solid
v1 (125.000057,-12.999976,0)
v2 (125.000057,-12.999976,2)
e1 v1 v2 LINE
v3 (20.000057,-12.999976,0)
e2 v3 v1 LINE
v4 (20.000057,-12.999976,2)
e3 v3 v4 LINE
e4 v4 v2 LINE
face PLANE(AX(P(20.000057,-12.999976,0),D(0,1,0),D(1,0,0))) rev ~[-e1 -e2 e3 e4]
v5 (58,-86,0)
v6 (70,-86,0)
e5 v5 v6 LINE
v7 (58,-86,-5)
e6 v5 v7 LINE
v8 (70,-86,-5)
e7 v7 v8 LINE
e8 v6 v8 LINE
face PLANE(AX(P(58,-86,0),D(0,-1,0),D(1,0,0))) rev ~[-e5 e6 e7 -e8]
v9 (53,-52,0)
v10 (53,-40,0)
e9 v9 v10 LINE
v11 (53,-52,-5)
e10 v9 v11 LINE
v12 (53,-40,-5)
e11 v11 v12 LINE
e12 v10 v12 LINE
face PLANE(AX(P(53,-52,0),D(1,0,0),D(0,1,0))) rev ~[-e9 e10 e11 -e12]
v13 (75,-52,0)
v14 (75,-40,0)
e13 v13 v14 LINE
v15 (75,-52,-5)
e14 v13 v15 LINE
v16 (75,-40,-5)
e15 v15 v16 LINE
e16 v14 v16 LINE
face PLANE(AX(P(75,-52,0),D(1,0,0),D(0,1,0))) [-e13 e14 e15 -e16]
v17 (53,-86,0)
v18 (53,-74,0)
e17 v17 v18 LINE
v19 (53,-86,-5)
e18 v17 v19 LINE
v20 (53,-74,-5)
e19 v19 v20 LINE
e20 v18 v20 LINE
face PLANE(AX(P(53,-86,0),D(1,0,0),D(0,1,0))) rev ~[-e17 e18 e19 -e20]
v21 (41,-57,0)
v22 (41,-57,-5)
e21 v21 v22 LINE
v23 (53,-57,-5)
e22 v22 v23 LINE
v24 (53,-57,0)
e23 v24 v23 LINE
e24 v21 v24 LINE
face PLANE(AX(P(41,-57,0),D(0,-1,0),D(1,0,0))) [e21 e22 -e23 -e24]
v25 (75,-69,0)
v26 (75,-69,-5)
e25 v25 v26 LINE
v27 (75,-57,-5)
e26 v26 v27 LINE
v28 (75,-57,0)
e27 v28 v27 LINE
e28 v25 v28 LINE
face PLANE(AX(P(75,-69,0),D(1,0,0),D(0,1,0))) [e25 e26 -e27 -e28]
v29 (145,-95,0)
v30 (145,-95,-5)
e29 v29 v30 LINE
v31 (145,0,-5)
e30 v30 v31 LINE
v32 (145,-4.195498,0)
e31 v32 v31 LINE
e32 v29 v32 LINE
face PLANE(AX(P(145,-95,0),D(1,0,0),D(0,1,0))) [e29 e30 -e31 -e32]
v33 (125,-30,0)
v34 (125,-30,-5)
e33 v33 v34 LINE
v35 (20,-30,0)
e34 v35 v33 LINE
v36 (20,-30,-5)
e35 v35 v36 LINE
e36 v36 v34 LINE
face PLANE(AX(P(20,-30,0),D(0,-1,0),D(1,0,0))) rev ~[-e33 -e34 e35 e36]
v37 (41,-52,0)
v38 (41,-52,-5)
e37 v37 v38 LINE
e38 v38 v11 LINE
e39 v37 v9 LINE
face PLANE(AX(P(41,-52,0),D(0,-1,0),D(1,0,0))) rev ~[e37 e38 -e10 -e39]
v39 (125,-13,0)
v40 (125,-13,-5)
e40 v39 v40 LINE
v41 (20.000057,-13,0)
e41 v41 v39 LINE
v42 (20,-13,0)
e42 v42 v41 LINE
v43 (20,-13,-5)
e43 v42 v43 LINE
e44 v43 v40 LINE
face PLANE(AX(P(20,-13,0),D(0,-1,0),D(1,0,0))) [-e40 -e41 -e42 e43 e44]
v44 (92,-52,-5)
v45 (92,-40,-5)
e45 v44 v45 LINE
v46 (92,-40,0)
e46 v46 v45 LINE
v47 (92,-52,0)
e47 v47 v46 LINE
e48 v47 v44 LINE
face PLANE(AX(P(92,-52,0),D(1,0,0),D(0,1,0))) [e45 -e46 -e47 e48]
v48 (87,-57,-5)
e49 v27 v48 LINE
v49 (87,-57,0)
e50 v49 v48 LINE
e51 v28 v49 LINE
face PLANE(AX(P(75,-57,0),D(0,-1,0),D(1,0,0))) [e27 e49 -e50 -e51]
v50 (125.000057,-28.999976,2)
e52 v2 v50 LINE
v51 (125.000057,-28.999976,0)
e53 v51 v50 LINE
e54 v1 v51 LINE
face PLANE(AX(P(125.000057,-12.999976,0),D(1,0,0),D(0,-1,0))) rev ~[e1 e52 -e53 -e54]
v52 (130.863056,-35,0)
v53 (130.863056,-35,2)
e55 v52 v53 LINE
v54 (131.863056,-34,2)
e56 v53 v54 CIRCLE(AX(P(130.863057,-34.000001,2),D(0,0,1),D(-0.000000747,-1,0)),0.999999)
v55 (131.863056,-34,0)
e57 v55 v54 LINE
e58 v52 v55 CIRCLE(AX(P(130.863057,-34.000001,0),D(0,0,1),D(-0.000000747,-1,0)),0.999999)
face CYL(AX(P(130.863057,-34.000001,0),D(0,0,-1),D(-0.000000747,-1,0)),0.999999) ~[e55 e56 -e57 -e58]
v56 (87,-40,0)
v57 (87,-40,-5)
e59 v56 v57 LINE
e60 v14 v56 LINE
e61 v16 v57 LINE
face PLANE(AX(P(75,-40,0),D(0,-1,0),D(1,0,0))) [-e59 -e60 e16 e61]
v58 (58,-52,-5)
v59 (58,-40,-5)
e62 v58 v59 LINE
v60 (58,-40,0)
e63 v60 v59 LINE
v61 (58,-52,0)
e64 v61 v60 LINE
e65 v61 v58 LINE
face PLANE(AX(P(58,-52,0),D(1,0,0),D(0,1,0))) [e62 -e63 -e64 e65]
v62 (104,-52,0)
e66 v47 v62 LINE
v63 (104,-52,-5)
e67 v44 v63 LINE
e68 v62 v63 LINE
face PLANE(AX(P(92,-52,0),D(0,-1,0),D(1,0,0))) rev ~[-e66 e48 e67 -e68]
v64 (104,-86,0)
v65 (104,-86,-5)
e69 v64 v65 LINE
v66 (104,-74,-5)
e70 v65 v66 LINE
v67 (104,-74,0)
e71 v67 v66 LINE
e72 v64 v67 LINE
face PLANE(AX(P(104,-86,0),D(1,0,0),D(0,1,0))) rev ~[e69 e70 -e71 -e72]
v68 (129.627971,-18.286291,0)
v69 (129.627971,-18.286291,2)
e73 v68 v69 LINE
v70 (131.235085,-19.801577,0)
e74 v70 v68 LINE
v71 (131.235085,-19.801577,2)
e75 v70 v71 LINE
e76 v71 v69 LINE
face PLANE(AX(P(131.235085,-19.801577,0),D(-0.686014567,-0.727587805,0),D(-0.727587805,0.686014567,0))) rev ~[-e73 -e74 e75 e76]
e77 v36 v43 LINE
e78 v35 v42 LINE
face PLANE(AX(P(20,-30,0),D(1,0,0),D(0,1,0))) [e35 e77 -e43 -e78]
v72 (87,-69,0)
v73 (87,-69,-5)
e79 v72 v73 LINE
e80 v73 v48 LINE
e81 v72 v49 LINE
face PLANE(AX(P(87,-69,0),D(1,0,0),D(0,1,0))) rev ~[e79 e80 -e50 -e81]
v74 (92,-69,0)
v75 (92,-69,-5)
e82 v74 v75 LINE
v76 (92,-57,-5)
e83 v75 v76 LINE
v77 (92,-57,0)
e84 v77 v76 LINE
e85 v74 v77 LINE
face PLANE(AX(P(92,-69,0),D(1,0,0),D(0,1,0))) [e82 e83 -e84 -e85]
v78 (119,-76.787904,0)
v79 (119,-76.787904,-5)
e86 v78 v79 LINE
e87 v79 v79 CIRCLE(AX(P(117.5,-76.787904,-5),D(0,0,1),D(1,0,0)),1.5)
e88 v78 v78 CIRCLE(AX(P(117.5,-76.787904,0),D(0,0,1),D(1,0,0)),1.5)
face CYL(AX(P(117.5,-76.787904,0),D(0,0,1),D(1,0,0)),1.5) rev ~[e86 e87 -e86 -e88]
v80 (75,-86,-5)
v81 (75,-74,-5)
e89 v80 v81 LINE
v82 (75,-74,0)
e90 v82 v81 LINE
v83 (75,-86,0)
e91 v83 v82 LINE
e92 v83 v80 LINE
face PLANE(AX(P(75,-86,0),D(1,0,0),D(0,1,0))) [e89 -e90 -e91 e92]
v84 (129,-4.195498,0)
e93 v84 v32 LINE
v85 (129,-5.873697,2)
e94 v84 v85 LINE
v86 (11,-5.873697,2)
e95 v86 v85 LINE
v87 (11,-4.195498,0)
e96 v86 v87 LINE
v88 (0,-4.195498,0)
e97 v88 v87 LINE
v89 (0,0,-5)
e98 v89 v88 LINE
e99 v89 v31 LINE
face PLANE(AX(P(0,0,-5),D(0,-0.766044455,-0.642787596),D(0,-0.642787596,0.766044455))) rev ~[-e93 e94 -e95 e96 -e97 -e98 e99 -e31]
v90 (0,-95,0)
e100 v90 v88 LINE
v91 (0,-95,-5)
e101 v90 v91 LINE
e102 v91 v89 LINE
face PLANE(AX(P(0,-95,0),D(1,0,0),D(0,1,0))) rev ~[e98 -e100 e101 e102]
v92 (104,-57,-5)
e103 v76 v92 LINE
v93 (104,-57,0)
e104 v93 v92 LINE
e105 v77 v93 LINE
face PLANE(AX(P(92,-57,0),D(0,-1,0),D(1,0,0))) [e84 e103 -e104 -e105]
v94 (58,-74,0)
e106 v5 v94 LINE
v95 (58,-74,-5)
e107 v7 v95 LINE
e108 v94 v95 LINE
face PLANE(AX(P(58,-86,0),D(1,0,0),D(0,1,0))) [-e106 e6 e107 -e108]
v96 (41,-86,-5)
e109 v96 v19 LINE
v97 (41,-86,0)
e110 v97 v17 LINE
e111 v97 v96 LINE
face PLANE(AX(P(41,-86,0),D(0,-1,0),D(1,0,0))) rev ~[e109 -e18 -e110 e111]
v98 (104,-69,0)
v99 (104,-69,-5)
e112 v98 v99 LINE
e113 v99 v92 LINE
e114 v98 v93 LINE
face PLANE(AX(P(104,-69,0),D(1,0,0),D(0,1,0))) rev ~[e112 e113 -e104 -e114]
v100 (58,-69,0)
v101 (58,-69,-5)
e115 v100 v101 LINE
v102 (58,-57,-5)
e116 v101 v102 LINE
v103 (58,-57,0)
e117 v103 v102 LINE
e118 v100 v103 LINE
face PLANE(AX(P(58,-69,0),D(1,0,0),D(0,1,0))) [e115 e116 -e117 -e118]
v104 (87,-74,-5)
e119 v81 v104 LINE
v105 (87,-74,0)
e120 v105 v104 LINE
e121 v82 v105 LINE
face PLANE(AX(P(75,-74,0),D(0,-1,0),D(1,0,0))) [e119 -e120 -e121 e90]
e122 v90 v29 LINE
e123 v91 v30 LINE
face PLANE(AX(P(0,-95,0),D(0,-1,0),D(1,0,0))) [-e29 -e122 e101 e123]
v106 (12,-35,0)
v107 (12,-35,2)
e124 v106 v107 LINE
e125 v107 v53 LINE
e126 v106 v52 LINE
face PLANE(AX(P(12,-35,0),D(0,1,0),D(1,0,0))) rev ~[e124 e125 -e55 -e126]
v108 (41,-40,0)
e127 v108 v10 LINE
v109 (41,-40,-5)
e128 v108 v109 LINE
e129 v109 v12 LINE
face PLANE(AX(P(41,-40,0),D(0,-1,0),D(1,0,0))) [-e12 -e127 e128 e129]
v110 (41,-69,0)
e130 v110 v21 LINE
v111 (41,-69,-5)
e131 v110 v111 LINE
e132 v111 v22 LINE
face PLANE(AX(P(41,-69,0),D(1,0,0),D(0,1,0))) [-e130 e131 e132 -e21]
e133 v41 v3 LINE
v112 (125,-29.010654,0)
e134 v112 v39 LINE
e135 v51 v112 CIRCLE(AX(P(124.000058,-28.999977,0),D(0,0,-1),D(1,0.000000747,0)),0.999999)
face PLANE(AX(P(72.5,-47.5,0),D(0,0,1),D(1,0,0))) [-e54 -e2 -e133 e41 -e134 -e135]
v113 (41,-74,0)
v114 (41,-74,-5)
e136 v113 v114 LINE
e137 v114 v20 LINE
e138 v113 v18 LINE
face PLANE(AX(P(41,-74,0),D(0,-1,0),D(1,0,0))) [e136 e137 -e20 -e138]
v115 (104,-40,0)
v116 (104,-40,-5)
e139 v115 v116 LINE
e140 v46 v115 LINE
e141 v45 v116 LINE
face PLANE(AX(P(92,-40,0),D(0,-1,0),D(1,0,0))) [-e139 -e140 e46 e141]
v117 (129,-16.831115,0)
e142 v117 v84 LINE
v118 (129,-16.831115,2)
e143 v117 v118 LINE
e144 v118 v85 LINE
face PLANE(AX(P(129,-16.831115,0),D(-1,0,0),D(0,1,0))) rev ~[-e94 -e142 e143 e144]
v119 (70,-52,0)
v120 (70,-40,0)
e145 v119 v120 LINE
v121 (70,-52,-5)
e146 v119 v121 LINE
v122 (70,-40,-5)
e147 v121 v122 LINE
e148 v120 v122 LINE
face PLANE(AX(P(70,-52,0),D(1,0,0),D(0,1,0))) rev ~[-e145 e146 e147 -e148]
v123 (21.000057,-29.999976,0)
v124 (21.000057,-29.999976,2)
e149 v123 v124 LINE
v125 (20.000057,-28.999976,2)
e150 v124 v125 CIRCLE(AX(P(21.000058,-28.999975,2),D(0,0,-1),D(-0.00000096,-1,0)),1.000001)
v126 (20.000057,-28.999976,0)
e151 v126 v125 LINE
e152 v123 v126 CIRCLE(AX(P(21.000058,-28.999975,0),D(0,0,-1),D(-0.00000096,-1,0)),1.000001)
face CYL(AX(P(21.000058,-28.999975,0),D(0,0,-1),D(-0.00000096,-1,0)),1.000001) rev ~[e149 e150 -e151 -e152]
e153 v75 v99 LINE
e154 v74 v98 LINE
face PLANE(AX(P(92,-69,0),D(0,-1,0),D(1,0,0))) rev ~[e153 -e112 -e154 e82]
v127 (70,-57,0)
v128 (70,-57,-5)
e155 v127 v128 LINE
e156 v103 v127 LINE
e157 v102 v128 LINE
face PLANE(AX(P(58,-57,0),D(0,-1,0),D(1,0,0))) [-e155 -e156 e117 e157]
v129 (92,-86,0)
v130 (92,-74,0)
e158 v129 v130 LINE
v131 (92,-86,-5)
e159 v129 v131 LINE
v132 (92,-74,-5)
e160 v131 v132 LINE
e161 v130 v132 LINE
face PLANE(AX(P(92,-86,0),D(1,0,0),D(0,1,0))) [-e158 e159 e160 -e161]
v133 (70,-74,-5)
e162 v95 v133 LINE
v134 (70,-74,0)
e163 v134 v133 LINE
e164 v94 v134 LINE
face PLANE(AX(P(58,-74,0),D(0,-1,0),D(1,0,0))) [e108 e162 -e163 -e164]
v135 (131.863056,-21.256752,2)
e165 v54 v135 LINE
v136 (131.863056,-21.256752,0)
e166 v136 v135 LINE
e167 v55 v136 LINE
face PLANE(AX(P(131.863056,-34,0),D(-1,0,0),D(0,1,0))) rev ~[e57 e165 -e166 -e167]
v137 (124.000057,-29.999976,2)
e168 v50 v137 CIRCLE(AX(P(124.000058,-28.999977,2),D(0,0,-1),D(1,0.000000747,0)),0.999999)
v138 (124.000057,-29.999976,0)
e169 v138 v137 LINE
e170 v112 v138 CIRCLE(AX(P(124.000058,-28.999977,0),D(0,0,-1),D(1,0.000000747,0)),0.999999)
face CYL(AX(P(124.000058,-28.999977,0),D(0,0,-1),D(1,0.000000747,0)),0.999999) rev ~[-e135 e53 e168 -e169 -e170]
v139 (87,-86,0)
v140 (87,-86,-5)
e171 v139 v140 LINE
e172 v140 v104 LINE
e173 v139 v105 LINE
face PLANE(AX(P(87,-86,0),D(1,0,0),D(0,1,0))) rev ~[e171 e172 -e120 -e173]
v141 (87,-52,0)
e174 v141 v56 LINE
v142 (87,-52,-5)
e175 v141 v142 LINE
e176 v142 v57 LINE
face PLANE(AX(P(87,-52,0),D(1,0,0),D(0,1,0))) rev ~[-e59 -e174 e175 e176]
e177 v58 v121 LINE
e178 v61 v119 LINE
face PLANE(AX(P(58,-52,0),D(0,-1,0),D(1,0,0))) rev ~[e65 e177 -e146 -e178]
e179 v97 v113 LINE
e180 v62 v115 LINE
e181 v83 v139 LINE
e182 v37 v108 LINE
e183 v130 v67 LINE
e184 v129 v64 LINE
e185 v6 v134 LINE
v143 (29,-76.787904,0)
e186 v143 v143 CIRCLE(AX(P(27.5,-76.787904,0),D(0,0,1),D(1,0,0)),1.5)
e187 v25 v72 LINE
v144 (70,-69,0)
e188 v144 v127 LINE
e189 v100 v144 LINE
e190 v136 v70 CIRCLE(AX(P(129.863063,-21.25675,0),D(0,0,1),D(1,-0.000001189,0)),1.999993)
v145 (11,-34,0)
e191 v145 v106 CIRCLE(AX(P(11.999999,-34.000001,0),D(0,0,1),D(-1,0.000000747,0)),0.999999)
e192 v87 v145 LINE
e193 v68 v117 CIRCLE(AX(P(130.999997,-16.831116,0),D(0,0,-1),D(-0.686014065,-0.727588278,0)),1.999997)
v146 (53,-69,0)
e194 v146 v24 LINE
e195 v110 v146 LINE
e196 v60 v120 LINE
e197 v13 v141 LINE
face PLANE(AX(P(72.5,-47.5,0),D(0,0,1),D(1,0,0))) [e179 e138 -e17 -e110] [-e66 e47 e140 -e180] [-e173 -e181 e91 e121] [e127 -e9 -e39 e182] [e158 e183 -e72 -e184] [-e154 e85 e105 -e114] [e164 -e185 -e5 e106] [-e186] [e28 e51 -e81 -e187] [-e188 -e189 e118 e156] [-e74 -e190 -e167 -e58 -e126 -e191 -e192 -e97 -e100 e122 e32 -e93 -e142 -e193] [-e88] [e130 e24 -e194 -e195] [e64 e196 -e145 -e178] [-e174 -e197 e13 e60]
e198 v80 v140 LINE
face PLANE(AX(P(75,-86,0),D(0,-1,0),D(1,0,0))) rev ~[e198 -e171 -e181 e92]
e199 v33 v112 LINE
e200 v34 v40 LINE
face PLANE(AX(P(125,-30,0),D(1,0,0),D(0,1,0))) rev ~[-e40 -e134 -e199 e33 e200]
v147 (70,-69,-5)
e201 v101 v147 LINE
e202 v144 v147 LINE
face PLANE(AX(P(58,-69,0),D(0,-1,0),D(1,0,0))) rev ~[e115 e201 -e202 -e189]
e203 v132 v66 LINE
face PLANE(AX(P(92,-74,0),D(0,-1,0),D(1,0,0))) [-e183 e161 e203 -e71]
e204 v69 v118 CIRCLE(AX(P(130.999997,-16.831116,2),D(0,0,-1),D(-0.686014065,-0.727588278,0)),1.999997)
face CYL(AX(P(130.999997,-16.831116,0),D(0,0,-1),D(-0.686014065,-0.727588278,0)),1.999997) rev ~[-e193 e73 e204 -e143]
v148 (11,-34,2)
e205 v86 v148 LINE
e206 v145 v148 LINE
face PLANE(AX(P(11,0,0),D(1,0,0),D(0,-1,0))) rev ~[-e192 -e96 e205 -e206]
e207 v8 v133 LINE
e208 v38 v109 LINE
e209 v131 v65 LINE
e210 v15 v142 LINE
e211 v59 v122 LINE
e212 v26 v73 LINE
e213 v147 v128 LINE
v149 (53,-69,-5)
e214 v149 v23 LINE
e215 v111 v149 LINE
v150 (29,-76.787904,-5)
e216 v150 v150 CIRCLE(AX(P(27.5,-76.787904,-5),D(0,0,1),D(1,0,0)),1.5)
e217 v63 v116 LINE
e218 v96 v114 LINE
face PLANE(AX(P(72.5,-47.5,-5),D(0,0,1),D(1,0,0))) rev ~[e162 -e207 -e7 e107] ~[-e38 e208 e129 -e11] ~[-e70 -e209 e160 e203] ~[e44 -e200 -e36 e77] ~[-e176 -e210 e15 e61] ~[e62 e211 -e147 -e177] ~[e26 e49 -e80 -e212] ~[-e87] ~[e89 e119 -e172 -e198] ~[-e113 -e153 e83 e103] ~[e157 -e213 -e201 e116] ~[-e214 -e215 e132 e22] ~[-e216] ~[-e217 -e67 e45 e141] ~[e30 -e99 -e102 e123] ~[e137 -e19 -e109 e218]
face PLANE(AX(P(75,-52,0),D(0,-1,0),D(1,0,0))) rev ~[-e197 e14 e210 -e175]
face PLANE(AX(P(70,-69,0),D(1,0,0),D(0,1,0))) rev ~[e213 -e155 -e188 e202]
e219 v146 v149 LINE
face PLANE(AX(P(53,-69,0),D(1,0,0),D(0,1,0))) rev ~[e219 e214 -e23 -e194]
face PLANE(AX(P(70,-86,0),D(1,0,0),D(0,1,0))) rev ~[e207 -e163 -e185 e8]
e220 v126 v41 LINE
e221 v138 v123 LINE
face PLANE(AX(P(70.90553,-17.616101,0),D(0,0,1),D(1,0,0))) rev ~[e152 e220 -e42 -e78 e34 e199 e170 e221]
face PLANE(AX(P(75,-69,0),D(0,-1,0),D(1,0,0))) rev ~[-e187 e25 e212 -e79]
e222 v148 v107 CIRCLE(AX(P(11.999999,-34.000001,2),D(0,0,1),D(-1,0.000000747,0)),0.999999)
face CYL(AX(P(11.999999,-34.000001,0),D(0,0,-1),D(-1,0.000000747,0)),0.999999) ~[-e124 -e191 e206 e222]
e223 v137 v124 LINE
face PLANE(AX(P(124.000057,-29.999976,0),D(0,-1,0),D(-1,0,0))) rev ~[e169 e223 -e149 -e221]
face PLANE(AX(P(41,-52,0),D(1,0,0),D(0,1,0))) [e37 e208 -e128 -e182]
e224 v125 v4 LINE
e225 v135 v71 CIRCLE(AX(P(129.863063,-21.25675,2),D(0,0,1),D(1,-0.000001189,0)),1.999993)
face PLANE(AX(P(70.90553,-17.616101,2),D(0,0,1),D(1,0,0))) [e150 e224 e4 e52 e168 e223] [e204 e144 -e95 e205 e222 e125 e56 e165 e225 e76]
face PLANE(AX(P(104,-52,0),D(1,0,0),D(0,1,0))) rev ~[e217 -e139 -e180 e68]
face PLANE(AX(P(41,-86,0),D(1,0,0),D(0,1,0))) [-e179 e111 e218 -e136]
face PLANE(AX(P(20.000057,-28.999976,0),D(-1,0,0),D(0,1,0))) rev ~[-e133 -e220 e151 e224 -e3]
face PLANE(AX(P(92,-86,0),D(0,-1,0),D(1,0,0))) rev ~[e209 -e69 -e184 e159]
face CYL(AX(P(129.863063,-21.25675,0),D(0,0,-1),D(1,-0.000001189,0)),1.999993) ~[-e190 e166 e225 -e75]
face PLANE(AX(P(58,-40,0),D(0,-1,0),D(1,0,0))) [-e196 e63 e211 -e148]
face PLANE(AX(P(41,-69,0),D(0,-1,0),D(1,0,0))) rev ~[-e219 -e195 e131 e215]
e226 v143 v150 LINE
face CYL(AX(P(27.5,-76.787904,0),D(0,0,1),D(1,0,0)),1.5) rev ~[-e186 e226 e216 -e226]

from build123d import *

# Parameters (mm, degrees)
F0_W     = 145
F0_H     = 95
F0_R     = 1.5
F0_W_2   = 12
F0_H_2   = 12
F0_W_3   = 105
F0_H_3   = 17
F1_DEPTH = 5
F3_DEPTH = 2
F5_DEPTH = 200


with BuildPart() as f1:
    # F0 (on Top) → F1 (new body)
    with BuildSketch(Plane.XY):
        with Locations((72.5, -47.5)):
            Rectangle(F0_W, F0_H)
        with Locations((27.5, -76.787904)):
            Circle(F0_R, mode=Mode.SUBTRACT)
        with Locations((47, -80)):
            Rectangle(F0_W_2, F0_H_2, mode=Mode.SUBTRACT)
        with Locations((64, -80)):
            Rectangle(F0_W_2, F0_H_2, mode=Mode.SUBTRACT)
        with Locations((47, -63)):
            Rectangle(F0_W_2, F0_H_2, mode=Mode.SUBTRACT)
        with Locations((64, -63)):
            Rectangle(F0_W_2, F0_H_2, mode=Mode.SUBTRACT)
        with Locations((81, -80)):
            Rectangle(F0_W_2, F0_H_2, mode=Mode.SUBTRACT)
        with Locations((98, -80)):
            Rectangle(F0_W_2, F0_H_2, mode=Mode.SUBTRACT)
        with Locations((117.5, -76.787904)):
            Circle(F0_R, mode=Mode.SUBTRACT)
        with Locations((81, -63)):
            Rectangle(F0_W_2, F0_H_2, mode=Mode.SUBTRACT)
        with Locations((98, -63)):
            Rectangle(F0_W_2, F0_H_2, mode=Mode.SUBTRACT)
        with Locations((47, -46)):
            Rectangle(F0_W_2, F0_H_2, mode=Mode.SUBTRACT)
        with Locations((64, -46)):
            Rectangle(F0_W_2, F0_H_2, mode=Mode.SUBTRACT)
        with Locations((81, -46)):
            Rectangle(F0_W_2, F0_H_2, mode=Mode.SUBTRACT)
        with Locations((98, -46)):
            Rectangle(F0_W_2, F0_H_2, mode=Mode.SUBTRACT)
        with Locations((72.5, -21.5)):
            Rectangle(F0_W_3, F0_H_3, mode=Mode.SUBTRACT)
    extrude(amount=-F1_DEPTH)

    # F2 (on Top) → F3 (join)
    with BuildSketch(Plane.XY):
        with BuildLine():
            Line((129, 0), (11, 0))
            Line((11, 0), (11, -34))
            ThreePointArc((11, -34), (11.292893, -34.707107), (12, -35))
            Line((12, -35), (130.863056, -35))
            ThreePointArc((130.863056, -35), (131.570163, -34.707107), (131.863056, -34))
            Line((131.863056, -34), (131.863056, -21.256752))
            ThreePointArc((131.863056, -21.256752), (131.699365, -20.464306), (131.235085, -19.801577))
            Line((131.235085, -19.801577), (129.627971, -18.286291))
            ThreePointArc((129.627971, -18.286291), (129.163691, -17.623561), (129, -16.831115))
            Line((129, -16.831115), (129, 0))
        make_face()
        with BuildLine():
            Line((20.000057, -28.999976), (20.000057, -12.999976))
            Line((20.000057, -12.999976), (125.000057, -12.999976))
            Line((125.000057, -12.999976), (125.000057, -28.999976))
            ThreePointArc((125.000057, -28.999976), (124.707164, -29.707083), (124.000057, -29.999976))
            Line((124.000057, -29.999976), (21.000057, -29.999976))
            ThreePointArc((21.000057, -29.999976), (20.292951, -29.707083), (20.000057, -28.999976))
        make_face(mode=Mode.SUBTRACT)
    extrude(amount=F3_DEPTH)

    # F4 (on face) → F5 (cut)
    with BuildSketch(Plane(origin=(0, 0, 0), x_dir=(0, -1, 0), z_dir=(-1, 0, 0))):
        Polygon((0, 5), (0, -5), (8.390996, 5), align=None)
    extrude(amount=-F5_DEPTH, mode=Mode.SUBTRACT)


solid = f1.part
